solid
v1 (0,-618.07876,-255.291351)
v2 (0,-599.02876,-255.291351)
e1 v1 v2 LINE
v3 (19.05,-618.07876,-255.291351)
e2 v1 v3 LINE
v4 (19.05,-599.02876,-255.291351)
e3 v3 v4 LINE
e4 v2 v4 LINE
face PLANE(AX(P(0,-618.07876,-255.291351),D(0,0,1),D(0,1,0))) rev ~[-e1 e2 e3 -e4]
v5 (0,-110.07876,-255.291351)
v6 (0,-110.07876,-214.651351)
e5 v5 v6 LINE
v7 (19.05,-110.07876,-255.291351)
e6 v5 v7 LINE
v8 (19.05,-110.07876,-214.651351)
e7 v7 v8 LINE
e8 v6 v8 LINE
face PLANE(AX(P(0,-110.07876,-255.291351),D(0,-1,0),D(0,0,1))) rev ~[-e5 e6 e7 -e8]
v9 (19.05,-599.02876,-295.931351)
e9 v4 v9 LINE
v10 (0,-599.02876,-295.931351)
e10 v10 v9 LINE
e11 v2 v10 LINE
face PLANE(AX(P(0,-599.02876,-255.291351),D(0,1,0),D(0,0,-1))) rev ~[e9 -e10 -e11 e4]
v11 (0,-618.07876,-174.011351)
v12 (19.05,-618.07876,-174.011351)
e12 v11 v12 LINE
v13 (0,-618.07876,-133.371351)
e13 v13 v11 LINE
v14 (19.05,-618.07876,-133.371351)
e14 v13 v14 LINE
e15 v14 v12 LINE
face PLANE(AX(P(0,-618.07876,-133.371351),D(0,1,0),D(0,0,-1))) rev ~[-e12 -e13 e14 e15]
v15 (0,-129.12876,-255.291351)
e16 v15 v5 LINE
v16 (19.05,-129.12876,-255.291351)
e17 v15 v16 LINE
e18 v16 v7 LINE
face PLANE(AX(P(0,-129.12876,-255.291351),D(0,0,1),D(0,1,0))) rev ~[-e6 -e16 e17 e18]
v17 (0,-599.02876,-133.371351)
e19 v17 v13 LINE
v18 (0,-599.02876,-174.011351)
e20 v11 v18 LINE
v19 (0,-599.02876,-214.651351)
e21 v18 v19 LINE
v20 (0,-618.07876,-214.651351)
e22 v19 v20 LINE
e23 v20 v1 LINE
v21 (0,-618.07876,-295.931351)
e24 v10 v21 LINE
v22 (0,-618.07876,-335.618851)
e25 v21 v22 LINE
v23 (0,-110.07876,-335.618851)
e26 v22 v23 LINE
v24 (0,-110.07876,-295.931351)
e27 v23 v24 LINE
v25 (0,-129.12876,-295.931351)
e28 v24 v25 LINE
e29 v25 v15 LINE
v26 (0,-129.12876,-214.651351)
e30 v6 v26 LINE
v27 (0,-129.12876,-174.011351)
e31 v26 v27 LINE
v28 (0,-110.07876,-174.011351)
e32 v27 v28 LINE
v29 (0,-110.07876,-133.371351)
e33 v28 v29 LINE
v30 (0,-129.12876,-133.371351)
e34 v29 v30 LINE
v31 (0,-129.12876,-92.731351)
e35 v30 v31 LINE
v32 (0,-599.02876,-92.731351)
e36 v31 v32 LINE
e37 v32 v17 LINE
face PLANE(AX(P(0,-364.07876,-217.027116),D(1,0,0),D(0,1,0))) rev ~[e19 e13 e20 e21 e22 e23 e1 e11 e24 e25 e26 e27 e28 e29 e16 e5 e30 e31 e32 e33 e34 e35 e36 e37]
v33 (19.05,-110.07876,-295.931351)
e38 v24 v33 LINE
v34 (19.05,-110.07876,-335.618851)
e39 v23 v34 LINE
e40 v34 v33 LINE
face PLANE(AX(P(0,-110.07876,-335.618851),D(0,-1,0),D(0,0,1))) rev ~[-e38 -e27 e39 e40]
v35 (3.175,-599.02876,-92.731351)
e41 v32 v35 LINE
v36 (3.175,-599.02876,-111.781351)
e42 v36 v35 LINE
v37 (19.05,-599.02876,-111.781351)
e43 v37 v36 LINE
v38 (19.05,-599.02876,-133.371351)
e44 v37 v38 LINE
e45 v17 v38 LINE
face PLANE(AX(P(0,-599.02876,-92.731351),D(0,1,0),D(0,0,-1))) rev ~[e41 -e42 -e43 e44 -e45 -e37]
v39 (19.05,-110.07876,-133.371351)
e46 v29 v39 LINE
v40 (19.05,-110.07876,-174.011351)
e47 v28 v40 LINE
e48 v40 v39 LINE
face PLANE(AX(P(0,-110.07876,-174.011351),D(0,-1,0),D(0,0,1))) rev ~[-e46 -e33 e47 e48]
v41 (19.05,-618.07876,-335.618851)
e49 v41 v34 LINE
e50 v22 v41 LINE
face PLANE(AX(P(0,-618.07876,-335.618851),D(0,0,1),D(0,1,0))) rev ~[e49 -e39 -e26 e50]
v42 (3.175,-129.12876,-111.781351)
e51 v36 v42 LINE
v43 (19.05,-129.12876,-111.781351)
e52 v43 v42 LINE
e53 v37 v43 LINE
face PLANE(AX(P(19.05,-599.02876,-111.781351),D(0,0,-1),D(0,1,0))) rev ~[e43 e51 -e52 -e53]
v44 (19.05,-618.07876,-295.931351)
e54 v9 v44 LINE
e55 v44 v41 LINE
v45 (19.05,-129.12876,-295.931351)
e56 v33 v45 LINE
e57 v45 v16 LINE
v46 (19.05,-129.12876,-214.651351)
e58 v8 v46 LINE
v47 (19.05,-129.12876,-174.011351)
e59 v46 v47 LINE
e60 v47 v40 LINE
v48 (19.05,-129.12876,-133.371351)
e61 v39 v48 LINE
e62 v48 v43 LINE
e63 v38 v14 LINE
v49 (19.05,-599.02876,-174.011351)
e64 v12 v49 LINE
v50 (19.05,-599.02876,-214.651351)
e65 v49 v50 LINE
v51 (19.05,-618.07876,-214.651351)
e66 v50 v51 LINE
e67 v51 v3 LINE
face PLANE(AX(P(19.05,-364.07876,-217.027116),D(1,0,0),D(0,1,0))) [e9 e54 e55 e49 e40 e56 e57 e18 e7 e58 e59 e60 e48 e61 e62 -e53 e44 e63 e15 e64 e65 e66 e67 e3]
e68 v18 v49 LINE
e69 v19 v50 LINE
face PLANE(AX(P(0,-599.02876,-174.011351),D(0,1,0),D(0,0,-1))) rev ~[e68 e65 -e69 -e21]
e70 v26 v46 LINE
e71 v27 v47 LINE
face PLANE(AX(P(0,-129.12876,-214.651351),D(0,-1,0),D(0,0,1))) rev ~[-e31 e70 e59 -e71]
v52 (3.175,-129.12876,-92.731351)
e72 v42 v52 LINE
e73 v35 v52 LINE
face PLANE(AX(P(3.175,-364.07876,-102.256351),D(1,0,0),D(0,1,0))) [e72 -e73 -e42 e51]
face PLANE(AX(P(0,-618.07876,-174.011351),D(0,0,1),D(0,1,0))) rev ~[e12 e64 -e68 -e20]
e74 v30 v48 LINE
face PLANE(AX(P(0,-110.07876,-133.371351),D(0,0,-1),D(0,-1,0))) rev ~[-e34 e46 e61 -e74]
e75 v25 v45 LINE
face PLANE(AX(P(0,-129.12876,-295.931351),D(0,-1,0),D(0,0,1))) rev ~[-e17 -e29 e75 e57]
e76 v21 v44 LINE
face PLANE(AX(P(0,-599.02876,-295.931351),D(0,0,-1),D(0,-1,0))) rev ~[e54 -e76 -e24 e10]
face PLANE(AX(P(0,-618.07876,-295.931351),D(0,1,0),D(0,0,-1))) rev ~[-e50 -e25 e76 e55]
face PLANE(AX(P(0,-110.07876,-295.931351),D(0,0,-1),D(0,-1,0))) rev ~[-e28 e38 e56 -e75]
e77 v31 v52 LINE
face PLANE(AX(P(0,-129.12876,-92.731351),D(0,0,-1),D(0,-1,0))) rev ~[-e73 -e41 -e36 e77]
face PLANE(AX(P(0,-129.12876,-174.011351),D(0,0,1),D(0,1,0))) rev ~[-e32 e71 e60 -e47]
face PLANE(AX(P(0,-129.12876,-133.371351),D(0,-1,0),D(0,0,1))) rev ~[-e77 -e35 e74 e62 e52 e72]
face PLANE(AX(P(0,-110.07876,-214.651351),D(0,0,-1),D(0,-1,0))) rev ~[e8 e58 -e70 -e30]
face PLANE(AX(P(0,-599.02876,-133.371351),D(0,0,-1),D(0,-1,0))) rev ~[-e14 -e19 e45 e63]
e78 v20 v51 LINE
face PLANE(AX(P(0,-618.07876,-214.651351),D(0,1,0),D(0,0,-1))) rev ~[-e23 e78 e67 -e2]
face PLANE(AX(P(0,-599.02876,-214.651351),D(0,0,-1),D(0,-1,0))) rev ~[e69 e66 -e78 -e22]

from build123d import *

# Parameters (mm, degrees)
F1_DEPTH = 19.05
F2_W     = 469.9
F2_H     = 19.05
F3_DEPTH = 15.875


with BuildPart() as f1:
    # F0 (on Right) → F1 (new body)
    with BuildSketch(Plane.YZ):
        Polygon((-599.02876, -133.371351), (-618.07876, -133.371351), (-618.07876, -174.011351), (-599.02876, -174.011351), (-599.02876, -214.651351), (-618.07876, -214.651351), (-618.07876, -255.291351), (-599.02876, -255.291351), (-599.02876, -295.931351), (-618.07876, -295.931351), (-618.07876, -335.618851), (-599.02876, -335.618851), (-129.12876, -335.618851), (-110.07876, -335.618851), (-110.07876, -295.931351), (-129.12876, -295.931351), (-129.12876, -255.291351), (-110.07876, -255.291351), (-110.07876, -214.651351), (-129.12876, -214.651351), (-129.12876, -174.011351), (-110.07876, -174.011351), (-110.07876, -133.371351), (-129.12876, -133.371351), (-129.12876, -92.731351), (-599.02876, -92.731351), align=None)
    extrude(amount=F1_DEPTH)

    # F2 (on face) → F3 (cut)
    with BuildSketch(Plane.YZ.offset(19.05)):
        with Locations((-364.07876, -102.256351)):
            Rectangle(F2_W, F2_H)
    extrude(amount=-F3_DEPTH, mode=Mode.SUBTRACT)


solid = f1.part
